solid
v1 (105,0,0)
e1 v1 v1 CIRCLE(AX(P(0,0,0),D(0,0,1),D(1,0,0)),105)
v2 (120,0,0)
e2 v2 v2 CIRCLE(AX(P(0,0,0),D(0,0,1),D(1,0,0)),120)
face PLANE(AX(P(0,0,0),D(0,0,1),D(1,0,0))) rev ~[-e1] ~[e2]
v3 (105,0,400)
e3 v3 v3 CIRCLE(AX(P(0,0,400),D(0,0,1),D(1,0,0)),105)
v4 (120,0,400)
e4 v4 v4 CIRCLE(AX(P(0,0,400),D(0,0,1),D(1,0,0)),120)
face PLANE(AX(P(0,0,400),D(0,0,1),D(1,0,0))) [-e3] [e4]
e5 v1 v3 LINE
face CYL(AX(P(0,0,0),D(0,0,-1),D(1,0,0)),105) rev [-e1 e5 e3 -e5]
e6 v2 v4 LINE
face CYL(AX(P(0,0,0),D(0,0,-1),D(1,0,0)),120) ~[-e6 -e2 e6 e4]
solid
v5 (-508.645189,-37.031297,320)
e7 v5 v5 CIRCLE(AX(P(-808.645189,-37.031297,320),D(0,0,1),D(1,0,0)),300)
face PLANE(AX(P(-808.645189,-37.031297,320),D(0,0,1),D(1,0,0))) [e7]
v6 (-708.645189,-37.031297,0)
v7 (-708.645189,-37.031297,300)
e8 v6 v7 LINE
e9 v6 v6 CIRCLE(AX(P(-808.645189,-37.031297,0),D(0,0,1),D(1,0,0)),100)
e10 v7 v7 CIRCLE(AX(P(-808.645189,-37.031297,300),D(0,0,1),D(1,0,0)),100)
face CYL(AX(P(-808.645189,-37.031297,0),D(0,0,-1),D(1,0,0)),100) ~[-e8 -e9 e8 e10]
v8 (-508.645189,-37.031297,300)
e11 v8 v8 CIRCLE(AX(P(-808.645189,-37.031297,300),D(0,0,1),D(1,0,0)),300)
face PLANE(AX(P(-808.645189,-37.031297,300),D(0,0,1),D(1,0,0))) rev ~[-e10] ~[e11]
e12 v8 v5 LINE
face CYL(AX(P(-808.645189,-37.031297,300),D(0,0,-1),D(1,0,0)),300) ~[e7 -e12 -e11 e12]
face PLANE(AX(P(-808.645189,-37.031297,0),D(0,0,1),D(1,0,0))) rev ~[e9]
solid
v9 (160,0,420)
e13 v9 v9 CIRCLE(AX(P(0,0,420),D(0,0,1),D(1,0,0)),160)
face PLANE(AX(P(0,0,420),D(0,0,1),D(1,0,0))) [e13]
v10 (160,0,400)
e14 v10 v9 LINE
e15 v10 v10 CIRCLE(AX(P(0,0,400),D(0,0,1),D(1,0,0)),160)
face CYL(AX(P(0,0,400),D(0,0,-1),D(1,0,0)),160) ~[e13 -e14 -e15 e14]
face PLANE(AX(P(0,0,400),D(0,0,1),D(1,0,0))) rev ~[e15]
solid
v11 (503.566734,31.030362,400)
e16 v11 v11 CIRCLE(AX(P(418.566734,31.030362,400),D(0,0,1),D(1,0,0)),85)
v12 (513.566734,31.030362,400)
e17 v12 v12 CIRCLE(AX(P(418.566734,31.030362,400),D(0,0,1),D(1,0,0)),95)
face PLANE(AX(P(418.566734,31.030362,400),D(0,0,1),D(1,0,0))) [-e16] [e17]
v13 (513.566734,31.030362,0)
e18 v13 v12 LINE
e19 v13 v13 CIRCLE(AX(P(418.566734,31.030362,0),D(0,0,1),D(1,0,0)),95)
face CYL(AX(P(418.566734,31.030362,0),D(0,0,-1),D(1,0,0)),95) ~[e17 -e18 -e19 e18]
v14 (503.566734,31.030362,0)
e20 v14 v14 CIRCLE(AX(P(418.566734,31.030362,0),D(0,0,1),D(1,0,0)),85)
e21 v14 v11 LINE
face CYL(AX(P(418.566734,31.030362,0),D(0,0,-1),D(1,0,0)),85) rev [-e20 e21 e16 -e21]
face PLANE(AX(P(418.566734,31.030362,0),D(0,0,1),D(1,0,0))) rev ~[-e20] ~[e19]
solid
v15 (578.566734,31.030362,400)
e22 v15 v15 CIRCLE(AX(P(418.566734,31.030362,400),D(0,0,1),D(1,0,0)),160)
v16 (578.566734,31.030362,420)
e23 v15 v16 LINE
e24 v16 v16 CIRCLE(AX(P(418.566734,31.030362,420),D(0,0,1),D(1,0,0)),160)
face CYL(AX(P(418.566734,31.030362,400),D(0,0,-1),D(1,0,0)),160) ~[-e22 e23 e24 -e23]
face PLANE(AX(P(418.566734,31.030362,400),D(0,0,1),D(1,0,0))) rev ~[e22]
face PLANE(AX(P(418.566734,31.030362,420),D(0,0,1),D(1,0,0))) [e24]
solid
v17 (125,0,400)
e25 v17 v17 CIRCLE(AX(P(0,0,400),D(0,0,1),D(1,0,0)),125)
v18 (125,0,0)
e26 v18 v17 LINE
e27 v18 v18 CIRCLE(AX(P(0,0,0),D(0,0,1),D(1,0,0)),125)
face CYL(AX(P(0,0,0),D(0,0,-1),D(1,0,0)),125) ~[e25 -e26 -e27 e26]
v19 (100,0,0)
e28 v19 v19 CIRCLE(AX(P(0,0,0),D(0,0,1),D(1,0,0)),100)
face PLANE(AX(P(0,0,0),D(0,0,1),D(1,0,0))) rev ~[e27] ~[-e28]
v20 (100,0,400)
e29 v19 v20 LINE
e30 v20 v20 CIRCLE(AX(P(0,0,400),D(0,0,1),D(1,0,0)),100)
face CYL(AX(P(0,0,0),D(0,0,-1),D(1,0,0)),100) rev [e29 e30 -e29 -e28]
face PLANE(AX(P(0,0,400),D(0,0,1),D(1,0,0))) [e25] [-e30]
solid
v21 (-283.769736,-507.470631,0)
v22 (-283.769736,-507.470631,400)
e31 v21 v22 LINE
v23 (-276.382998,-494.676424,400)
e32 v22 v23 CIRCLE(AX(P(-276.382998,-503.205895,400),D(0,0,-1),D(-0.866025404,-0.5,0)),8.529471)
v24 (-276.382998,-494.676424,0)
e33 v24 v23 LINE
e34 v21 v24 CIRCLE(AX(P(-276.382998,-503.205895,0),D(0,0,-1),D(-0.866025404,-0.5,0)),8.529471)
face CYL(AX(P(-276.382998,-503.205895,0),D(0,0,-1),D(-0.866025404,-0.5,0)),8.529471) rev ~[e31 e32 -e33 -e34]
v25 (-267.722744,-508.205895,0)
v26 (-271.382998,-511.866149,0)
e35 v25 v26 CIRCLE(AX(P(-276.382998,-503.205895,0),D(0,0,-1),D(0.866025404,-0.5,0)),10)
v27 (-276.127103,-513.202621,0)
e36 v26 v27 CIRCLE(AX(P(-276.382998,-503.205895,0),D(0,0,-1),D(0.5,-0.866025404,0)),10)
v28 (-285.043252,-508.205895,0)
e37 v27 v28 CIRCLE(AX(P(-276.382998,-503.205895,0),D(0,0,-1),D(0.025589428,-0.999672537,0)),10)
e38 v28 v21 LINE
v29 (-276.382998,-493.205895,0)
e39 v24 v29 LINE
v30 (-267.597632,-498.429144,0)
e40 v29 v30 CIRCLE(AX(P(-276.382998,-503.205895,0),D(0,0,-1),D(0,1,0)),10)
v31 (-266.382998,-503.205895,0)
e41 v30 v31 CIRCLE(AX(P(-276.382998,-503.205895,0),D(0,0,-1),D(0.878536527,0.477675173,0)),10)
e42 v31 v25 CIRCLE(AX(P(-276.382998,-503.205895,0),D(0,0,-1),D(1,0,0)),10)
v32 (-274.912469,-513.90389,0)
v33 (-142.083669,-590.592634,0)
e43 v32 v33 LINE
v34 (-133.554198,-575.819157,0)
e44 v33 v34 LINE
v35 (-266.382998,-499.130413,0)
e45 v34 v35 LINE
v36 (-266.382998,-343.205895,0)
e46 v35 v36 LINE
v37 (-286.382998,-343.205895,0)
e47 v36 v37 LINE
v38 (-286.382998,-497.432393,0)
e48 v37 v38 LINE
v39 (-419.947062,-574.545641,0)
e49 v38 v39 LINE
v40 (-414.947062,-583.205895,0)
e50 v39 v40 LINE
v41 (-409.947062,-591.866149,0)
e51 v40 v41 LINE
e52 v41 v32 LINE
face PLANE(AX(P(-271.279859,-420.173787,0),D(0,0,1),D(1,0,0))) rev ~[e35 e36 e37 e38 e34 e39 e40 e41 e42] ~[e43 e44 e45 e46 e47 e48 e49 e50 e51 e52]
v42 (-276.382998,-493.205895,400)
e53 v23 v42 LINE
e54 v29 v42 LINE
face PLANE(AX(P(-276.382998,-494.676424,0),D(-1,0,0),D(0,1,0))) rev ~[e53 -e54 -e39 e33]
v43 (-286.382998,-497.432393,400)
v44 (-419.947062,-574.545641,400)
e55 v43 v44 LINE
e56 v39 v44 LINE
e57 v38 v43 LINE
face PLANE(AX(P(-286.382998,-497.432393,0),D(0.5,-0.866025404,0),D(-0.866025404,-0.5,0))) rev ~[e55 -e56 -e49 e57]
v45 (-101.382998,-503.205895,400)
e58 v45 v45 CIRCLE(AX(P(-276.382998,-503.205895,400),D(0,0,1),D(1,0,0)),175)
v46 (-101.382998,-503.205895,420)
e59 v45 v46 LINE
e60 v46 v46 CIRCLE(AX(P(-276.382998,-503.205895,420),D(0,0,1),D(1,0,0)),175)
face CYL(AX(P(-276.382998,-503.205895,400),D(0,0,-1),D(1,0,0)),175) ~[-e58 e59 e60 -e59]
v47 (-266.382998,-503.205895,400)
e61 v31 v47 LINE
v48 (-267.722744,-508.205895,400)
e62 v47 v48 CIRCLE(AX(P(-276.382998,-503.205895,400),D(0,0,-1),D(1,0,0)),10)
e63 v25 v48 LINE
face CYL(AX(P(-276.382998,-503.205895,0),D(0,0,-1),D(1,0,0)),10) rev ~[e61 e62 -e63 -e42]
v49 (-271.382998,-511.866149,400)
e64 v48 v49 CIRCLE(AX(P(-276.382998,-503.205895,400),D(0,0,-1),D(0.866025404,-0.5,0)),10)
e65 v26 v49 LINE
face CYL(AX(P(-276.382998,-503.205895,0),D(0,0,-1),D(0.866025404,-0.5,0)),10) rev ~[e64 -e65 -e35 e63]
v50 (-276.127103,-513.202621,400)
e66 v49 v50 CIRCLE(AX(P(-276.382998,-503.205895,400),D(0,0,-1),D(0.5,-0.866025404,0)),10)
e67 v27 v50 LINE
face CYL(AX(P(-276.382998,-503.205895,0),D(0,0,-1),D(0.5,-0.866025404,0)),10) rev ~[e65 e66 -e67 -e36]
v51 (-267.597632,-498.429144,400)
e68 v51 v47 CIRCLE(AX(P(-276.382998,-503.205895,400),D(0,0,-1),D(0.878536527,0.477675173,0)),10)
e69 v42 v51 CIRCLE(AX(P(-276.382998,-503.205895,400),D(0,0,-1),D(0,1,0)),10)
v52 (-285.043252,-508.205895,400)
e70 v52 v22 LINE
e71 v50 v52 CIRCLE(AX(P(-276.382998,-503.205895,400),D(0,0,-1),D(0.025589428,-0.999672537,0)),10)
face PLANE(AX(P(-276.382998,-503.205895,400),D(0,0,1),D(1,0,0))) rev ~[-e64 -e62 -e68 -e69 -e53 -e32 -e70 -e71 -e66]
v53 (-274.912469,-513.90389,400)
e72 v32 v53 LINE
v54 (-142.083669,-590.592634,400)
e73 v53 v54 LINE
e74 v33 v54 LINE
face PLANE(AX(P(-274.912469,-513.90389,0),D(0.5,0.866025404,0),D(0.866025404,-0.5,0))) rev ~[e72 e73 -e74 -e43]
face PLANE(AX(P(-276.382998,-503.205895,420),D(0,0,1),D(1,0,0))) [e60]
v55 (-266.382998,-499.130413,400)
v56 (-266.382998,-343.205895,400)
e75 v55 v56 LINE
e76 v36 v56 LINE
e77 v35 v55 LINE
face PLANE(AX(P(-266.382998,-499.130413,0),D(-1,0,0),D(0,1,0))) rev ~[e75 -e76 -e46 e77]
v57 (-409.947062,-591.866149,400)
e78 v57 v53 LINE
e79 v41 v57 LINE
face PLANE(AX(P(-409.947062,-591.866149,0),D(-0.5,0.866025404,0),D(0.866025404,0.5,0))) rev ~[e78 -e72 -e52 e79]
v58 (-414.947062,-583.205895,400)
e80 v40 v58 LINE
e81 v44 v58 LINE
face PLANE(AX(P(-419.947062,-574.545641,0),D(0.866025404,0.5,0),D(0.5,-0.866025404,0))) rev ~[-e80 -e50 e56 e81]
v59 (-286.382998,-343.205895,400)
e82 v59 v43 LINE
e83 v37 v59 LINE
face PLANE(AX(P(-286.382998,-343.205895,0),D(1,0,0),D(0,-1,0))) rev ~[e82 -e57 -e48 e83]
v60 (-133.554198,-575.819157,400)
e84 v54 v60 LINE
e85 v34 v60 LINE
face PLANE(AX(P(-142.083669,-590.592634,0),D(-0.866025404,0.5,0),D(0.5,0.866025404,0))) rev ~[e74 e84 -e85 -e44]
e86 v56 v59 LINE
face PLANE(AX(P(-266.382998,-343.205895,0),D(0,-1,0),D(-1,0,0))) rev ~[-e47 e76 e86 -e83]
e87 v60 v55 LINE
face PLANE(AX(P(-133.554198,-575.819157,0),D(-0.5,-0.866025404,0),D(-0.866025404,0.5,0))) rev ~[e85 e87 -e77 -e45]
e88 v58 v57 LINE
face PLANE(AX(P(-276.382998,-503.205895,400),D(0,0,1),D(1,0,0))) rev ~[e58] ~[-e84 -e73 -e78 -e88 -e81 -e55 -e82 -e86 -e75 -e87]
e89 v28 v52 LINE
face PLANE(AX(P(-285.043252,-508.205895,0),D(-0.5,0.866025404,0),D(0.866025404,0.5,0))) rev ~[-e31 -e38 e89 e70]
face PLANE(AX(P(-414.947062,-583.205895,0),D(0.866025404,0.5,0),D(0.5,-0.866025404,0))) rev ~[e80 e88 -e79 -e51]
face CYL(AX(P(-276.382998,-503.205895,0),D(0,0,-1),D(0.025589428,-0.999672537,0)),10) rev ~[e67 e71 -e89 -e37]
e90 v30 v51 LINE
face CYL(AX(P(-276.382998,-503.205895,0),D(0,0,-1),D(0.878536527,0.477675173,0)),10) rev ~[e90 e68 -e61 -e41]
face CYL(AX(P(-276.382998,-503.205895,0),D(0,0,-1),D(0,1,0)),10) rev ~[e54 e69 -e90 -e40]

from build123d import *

# Parameters (mm, degrees)
F0_R      = 125
F0_R_2    = 100
F1_DEPTH  = 400
F2_R      = 120
F2_R_2    = 105
F3_DEPTH  = 400
F4_R      = 160
F5_DEPTH  = 20
F6_R      = 95
F6_R_2    = 85
F7_DEPTH  = 400
F8_R      = 160
F9_DEPTH  = 20
F10_R     = 100
F11_DEPTH = 300
F12_R     = 300
F13_DEPTH = 20
F15_DEPTH = 400
F16_R     = 175
F17_DEPTH = 20


with BuildPart() as f1:
    # F0 (on Top) → F1 (new body)
    with BuildSketch(Plane.XY):
        Circle(F0_R)
        Circle(F0_R_2, mode=Mode.SUBTRACT)
    extrude(amount=F1_DEPTH)


with BuildPart() as f3:
    # F2 (on Top) → F3 (new body, through all)
    with BuildSketch(Plane.XY):
        Circle(F2_R)
        Circle(F2_R_2, mode=Mode.SUBTRACT)
    extrude(amount=F3_DEPTH)


with BuildPart() as f5:
    # F4 (on face) → F5 (new body)
    with BuildSketch(Plane.XY.offset(400)):
        Circle(F4_R)
    extrude(amount=F5_DEPTH)


with BuildPart() as f7:
    # F6 (on Top) → F7 (new body)
    with BuildSketch(Plane.XY):
        with Locations((418.5667335987, 31.0303624719)):
            Circle(F6_R)
        with Locations((418.5667335987, 31.0303624719)):
            Circle(F6_R_2, mode=Mode.SUBTRACT)
    extrude(amount=F7_DEPTH)


with BuildPart() as f9:
    # F8 (on face) → F9 (new body)
    with BuildSketch(Plane.XY.offset(400)):
        with Locations((418.5667335987, 31.0303624719)):
            Circle(F8_R)
    extrude(amount=F9_DEPTH)


with BuildPart() as f11:
    # F10 (on Top) → F11 (new body)
    with BuildSketch(Plane.XY):
        with Locations((-808.6451888084, -37.0312966406)):
            Circle(F10_R)
    extrude(amount=F11_DEPTH)

    # F12 (on face) → F13 (join)
    with BuildSketch(Plane.XY.offset(300)):
        with Locations((-808.6451888084, -37.0312966406)):
            Circle(F12_R)
    extrude(amount=F13_DEPTH)


with BuildPart() as f15:
    # F14 (on Top) → F15 (new body)
    with BuildSketch(Plane.XY):
        with BuildLine():
            Line((-266.382997632, -343.2058954239), (-276.382997632, -343.2058954239))
            Line((-276.382997632, -343.2058954239), (-276.382997632, -493.2058954239))
            ThreePointArc((-276.382997632, -493.2058954239), (-271.2725924302, -494.6103292021), (-267.5976323655, -498.4291436894))
            Line((-267.5976323655, -498.4291436894), (-266.382997632, -499.1304133797))
            Line((-266.382997632, -499.1304133797), (-266.382997632, -343.2058954239))
        make_face()
        with BuildLine():
            Line((-276.382997632, -493.2058954239), (-276.382997632, -343.2058954239))
            Line((-276.382997632, -343.2058954239), (-286.382997632, -343.2058954239))
            Line((-286.382997632, -343.2058954239), (-286.382997632, -497.432392732))
            Line((-286.382997632, -497.432392732), (-281.382997632, -494.545641386))
            ThreePointArc((-281.382997632, -494.545641386), (-278.9711880831, -493.546637161), (-276.382997632, -493.2058954239))
        make_face()
        with BuildLine():
            Line((-276.382997632, -494.6764244409), (-276.382997632, -493.2058954239))
            ThreePointArc((-276.382997632, -493.2058954239), (-278.9711880831, -493.546637161), (-281.382997632, -494.545641386))
            Line((-281.382997632, -494.545641386), (-286.382997632, -497.432392732))
            Line((-286.382997632, -497.432392732), (-286.382997632, -503.2058954239))
            ThreePointArc((-286.382997632, -503.2058954239), (-286.0422558949, -505.7940858749), (-285.0432516699, -508.2058954239))
            Line((-285.0432516699, -508.2058954239), (-283.7697361841, -507.4706309154))
            ThreePointArc((-283.7697361841, -507.4706309154), (-283.7697361841, -498.9411599324), (-276.382997632, -494.6764244409))
        make_face()
        with BuildLine():
            Line((-266.382997632, -499.1304133797), (-267.5976323655, -498.4291436894))
            ThreePointArc((-267.5976323655, -498.4291436894), (-266.6914122956, -500.7415144332), (-266.382997632, -503.2058954239))
            Line((-266.382997632, -503.2058954239), (-266.382997632, -499.1304133797))
        make_face()
        with BuildLine():
            Line((-286.382997632, -503.2058954239), (-286.382997632, -497.432392732))
            Line((-286.382997632, -497.432392732), (-419.9470622375, -574.545641386))
            Line((-419.9470622375, -574.545641386), (-414.9470622375, -583.2058954239))
            Line((-414.9470622375, -583.2058954239), (-285.0432516699, -508.2058954239))
            ThreePointArc((-285.0432516699, -508.2058954239), (-286.0422558949, -505.7940858749), (-286.382997632, -503.2058954239))
        make_face()
        with BuildLine():
            Line((-133.554197535, -575.8191568718), (-266.382997632, -499.1304133797))
            Line((-266.382997632, -499.1304133797), (-266.382997632, -503.2058954239))
            ThreePointArc((-266.382997632, -503.2058954239), (-266.7237393691, -505.7940858749), (-267.7227435942, -508.2058954239))
            Line((-267.7227435942, -508.2058954239), (-137.8189330265, -583.2058954239))
            Line((-137.8189330265, -583.2058954239), (-133.554197535, -575.8191568718))
        make_face()
        with BuildLine():
            Line((-137.8189330265, -583.2058954239), (-267.7227435942, -508.2058954239))
            ThreePointArc((-267.7227435942, -508.2058954239), (-269.3119298202, -510.2769632358), (-271.382997632, -511.8661494617))
            Line((-271.382997632, -511.8661494617), (-274.912468615, -513.9038904838))
            Line((-274.912468615, -513.9038904838), (-142.083668518, -590.592633976))
            Line((-142.083668518, -590.592633976), (-137.8189330265, -583.2058954239))
        make_face()
        with BuildLine():
            ThreePointArc((-276.1271033484, -513.2026207935), (-281.271773739, -511.9294192632), (-285.0432516699, -508.2058954239))
            Line((-285.0432516699, -508.2058954239), (-414.9470622375, -583.2058954239))
            Line((-414.9470622375, -583.2058954239), (-409.9470622375, -591.8661494617))
            Line((-409.9470622375, -591.8661494617), (-274.912468615, -513.9038904838))
            Line((-274.912468615, -513.9038904838), (-276.1271033484, -513.2026207935))
        make_face()
        with BuildLine():
            Line((-274.912468615, -513.9038904838), (-271.382997632, -511.8661494617))
            ThreePointArc((-271.382997632, -511.8661494617), (-273.6714215064, -512.8312450235), (-276.1271033484, -513.2026207935))
            Line((-276.1271033484, -513.2026207935), (-274.912468615, -513.9038904838))
        make_face()
    extrude(amount=F15_DEPTH)

    # F16 (on face) → F17 (join)
    with BuildSketch(Plane.XY.offset(400)):
        with Locations((-276.382997632, -503.2058954239)):
            Circle(F16_R)
    extrude(amount=F17_DEPTH)


solid = Compound([f1.part, f3.part, f5.part, f7.part, f9.part, f11.part, f15.part])
